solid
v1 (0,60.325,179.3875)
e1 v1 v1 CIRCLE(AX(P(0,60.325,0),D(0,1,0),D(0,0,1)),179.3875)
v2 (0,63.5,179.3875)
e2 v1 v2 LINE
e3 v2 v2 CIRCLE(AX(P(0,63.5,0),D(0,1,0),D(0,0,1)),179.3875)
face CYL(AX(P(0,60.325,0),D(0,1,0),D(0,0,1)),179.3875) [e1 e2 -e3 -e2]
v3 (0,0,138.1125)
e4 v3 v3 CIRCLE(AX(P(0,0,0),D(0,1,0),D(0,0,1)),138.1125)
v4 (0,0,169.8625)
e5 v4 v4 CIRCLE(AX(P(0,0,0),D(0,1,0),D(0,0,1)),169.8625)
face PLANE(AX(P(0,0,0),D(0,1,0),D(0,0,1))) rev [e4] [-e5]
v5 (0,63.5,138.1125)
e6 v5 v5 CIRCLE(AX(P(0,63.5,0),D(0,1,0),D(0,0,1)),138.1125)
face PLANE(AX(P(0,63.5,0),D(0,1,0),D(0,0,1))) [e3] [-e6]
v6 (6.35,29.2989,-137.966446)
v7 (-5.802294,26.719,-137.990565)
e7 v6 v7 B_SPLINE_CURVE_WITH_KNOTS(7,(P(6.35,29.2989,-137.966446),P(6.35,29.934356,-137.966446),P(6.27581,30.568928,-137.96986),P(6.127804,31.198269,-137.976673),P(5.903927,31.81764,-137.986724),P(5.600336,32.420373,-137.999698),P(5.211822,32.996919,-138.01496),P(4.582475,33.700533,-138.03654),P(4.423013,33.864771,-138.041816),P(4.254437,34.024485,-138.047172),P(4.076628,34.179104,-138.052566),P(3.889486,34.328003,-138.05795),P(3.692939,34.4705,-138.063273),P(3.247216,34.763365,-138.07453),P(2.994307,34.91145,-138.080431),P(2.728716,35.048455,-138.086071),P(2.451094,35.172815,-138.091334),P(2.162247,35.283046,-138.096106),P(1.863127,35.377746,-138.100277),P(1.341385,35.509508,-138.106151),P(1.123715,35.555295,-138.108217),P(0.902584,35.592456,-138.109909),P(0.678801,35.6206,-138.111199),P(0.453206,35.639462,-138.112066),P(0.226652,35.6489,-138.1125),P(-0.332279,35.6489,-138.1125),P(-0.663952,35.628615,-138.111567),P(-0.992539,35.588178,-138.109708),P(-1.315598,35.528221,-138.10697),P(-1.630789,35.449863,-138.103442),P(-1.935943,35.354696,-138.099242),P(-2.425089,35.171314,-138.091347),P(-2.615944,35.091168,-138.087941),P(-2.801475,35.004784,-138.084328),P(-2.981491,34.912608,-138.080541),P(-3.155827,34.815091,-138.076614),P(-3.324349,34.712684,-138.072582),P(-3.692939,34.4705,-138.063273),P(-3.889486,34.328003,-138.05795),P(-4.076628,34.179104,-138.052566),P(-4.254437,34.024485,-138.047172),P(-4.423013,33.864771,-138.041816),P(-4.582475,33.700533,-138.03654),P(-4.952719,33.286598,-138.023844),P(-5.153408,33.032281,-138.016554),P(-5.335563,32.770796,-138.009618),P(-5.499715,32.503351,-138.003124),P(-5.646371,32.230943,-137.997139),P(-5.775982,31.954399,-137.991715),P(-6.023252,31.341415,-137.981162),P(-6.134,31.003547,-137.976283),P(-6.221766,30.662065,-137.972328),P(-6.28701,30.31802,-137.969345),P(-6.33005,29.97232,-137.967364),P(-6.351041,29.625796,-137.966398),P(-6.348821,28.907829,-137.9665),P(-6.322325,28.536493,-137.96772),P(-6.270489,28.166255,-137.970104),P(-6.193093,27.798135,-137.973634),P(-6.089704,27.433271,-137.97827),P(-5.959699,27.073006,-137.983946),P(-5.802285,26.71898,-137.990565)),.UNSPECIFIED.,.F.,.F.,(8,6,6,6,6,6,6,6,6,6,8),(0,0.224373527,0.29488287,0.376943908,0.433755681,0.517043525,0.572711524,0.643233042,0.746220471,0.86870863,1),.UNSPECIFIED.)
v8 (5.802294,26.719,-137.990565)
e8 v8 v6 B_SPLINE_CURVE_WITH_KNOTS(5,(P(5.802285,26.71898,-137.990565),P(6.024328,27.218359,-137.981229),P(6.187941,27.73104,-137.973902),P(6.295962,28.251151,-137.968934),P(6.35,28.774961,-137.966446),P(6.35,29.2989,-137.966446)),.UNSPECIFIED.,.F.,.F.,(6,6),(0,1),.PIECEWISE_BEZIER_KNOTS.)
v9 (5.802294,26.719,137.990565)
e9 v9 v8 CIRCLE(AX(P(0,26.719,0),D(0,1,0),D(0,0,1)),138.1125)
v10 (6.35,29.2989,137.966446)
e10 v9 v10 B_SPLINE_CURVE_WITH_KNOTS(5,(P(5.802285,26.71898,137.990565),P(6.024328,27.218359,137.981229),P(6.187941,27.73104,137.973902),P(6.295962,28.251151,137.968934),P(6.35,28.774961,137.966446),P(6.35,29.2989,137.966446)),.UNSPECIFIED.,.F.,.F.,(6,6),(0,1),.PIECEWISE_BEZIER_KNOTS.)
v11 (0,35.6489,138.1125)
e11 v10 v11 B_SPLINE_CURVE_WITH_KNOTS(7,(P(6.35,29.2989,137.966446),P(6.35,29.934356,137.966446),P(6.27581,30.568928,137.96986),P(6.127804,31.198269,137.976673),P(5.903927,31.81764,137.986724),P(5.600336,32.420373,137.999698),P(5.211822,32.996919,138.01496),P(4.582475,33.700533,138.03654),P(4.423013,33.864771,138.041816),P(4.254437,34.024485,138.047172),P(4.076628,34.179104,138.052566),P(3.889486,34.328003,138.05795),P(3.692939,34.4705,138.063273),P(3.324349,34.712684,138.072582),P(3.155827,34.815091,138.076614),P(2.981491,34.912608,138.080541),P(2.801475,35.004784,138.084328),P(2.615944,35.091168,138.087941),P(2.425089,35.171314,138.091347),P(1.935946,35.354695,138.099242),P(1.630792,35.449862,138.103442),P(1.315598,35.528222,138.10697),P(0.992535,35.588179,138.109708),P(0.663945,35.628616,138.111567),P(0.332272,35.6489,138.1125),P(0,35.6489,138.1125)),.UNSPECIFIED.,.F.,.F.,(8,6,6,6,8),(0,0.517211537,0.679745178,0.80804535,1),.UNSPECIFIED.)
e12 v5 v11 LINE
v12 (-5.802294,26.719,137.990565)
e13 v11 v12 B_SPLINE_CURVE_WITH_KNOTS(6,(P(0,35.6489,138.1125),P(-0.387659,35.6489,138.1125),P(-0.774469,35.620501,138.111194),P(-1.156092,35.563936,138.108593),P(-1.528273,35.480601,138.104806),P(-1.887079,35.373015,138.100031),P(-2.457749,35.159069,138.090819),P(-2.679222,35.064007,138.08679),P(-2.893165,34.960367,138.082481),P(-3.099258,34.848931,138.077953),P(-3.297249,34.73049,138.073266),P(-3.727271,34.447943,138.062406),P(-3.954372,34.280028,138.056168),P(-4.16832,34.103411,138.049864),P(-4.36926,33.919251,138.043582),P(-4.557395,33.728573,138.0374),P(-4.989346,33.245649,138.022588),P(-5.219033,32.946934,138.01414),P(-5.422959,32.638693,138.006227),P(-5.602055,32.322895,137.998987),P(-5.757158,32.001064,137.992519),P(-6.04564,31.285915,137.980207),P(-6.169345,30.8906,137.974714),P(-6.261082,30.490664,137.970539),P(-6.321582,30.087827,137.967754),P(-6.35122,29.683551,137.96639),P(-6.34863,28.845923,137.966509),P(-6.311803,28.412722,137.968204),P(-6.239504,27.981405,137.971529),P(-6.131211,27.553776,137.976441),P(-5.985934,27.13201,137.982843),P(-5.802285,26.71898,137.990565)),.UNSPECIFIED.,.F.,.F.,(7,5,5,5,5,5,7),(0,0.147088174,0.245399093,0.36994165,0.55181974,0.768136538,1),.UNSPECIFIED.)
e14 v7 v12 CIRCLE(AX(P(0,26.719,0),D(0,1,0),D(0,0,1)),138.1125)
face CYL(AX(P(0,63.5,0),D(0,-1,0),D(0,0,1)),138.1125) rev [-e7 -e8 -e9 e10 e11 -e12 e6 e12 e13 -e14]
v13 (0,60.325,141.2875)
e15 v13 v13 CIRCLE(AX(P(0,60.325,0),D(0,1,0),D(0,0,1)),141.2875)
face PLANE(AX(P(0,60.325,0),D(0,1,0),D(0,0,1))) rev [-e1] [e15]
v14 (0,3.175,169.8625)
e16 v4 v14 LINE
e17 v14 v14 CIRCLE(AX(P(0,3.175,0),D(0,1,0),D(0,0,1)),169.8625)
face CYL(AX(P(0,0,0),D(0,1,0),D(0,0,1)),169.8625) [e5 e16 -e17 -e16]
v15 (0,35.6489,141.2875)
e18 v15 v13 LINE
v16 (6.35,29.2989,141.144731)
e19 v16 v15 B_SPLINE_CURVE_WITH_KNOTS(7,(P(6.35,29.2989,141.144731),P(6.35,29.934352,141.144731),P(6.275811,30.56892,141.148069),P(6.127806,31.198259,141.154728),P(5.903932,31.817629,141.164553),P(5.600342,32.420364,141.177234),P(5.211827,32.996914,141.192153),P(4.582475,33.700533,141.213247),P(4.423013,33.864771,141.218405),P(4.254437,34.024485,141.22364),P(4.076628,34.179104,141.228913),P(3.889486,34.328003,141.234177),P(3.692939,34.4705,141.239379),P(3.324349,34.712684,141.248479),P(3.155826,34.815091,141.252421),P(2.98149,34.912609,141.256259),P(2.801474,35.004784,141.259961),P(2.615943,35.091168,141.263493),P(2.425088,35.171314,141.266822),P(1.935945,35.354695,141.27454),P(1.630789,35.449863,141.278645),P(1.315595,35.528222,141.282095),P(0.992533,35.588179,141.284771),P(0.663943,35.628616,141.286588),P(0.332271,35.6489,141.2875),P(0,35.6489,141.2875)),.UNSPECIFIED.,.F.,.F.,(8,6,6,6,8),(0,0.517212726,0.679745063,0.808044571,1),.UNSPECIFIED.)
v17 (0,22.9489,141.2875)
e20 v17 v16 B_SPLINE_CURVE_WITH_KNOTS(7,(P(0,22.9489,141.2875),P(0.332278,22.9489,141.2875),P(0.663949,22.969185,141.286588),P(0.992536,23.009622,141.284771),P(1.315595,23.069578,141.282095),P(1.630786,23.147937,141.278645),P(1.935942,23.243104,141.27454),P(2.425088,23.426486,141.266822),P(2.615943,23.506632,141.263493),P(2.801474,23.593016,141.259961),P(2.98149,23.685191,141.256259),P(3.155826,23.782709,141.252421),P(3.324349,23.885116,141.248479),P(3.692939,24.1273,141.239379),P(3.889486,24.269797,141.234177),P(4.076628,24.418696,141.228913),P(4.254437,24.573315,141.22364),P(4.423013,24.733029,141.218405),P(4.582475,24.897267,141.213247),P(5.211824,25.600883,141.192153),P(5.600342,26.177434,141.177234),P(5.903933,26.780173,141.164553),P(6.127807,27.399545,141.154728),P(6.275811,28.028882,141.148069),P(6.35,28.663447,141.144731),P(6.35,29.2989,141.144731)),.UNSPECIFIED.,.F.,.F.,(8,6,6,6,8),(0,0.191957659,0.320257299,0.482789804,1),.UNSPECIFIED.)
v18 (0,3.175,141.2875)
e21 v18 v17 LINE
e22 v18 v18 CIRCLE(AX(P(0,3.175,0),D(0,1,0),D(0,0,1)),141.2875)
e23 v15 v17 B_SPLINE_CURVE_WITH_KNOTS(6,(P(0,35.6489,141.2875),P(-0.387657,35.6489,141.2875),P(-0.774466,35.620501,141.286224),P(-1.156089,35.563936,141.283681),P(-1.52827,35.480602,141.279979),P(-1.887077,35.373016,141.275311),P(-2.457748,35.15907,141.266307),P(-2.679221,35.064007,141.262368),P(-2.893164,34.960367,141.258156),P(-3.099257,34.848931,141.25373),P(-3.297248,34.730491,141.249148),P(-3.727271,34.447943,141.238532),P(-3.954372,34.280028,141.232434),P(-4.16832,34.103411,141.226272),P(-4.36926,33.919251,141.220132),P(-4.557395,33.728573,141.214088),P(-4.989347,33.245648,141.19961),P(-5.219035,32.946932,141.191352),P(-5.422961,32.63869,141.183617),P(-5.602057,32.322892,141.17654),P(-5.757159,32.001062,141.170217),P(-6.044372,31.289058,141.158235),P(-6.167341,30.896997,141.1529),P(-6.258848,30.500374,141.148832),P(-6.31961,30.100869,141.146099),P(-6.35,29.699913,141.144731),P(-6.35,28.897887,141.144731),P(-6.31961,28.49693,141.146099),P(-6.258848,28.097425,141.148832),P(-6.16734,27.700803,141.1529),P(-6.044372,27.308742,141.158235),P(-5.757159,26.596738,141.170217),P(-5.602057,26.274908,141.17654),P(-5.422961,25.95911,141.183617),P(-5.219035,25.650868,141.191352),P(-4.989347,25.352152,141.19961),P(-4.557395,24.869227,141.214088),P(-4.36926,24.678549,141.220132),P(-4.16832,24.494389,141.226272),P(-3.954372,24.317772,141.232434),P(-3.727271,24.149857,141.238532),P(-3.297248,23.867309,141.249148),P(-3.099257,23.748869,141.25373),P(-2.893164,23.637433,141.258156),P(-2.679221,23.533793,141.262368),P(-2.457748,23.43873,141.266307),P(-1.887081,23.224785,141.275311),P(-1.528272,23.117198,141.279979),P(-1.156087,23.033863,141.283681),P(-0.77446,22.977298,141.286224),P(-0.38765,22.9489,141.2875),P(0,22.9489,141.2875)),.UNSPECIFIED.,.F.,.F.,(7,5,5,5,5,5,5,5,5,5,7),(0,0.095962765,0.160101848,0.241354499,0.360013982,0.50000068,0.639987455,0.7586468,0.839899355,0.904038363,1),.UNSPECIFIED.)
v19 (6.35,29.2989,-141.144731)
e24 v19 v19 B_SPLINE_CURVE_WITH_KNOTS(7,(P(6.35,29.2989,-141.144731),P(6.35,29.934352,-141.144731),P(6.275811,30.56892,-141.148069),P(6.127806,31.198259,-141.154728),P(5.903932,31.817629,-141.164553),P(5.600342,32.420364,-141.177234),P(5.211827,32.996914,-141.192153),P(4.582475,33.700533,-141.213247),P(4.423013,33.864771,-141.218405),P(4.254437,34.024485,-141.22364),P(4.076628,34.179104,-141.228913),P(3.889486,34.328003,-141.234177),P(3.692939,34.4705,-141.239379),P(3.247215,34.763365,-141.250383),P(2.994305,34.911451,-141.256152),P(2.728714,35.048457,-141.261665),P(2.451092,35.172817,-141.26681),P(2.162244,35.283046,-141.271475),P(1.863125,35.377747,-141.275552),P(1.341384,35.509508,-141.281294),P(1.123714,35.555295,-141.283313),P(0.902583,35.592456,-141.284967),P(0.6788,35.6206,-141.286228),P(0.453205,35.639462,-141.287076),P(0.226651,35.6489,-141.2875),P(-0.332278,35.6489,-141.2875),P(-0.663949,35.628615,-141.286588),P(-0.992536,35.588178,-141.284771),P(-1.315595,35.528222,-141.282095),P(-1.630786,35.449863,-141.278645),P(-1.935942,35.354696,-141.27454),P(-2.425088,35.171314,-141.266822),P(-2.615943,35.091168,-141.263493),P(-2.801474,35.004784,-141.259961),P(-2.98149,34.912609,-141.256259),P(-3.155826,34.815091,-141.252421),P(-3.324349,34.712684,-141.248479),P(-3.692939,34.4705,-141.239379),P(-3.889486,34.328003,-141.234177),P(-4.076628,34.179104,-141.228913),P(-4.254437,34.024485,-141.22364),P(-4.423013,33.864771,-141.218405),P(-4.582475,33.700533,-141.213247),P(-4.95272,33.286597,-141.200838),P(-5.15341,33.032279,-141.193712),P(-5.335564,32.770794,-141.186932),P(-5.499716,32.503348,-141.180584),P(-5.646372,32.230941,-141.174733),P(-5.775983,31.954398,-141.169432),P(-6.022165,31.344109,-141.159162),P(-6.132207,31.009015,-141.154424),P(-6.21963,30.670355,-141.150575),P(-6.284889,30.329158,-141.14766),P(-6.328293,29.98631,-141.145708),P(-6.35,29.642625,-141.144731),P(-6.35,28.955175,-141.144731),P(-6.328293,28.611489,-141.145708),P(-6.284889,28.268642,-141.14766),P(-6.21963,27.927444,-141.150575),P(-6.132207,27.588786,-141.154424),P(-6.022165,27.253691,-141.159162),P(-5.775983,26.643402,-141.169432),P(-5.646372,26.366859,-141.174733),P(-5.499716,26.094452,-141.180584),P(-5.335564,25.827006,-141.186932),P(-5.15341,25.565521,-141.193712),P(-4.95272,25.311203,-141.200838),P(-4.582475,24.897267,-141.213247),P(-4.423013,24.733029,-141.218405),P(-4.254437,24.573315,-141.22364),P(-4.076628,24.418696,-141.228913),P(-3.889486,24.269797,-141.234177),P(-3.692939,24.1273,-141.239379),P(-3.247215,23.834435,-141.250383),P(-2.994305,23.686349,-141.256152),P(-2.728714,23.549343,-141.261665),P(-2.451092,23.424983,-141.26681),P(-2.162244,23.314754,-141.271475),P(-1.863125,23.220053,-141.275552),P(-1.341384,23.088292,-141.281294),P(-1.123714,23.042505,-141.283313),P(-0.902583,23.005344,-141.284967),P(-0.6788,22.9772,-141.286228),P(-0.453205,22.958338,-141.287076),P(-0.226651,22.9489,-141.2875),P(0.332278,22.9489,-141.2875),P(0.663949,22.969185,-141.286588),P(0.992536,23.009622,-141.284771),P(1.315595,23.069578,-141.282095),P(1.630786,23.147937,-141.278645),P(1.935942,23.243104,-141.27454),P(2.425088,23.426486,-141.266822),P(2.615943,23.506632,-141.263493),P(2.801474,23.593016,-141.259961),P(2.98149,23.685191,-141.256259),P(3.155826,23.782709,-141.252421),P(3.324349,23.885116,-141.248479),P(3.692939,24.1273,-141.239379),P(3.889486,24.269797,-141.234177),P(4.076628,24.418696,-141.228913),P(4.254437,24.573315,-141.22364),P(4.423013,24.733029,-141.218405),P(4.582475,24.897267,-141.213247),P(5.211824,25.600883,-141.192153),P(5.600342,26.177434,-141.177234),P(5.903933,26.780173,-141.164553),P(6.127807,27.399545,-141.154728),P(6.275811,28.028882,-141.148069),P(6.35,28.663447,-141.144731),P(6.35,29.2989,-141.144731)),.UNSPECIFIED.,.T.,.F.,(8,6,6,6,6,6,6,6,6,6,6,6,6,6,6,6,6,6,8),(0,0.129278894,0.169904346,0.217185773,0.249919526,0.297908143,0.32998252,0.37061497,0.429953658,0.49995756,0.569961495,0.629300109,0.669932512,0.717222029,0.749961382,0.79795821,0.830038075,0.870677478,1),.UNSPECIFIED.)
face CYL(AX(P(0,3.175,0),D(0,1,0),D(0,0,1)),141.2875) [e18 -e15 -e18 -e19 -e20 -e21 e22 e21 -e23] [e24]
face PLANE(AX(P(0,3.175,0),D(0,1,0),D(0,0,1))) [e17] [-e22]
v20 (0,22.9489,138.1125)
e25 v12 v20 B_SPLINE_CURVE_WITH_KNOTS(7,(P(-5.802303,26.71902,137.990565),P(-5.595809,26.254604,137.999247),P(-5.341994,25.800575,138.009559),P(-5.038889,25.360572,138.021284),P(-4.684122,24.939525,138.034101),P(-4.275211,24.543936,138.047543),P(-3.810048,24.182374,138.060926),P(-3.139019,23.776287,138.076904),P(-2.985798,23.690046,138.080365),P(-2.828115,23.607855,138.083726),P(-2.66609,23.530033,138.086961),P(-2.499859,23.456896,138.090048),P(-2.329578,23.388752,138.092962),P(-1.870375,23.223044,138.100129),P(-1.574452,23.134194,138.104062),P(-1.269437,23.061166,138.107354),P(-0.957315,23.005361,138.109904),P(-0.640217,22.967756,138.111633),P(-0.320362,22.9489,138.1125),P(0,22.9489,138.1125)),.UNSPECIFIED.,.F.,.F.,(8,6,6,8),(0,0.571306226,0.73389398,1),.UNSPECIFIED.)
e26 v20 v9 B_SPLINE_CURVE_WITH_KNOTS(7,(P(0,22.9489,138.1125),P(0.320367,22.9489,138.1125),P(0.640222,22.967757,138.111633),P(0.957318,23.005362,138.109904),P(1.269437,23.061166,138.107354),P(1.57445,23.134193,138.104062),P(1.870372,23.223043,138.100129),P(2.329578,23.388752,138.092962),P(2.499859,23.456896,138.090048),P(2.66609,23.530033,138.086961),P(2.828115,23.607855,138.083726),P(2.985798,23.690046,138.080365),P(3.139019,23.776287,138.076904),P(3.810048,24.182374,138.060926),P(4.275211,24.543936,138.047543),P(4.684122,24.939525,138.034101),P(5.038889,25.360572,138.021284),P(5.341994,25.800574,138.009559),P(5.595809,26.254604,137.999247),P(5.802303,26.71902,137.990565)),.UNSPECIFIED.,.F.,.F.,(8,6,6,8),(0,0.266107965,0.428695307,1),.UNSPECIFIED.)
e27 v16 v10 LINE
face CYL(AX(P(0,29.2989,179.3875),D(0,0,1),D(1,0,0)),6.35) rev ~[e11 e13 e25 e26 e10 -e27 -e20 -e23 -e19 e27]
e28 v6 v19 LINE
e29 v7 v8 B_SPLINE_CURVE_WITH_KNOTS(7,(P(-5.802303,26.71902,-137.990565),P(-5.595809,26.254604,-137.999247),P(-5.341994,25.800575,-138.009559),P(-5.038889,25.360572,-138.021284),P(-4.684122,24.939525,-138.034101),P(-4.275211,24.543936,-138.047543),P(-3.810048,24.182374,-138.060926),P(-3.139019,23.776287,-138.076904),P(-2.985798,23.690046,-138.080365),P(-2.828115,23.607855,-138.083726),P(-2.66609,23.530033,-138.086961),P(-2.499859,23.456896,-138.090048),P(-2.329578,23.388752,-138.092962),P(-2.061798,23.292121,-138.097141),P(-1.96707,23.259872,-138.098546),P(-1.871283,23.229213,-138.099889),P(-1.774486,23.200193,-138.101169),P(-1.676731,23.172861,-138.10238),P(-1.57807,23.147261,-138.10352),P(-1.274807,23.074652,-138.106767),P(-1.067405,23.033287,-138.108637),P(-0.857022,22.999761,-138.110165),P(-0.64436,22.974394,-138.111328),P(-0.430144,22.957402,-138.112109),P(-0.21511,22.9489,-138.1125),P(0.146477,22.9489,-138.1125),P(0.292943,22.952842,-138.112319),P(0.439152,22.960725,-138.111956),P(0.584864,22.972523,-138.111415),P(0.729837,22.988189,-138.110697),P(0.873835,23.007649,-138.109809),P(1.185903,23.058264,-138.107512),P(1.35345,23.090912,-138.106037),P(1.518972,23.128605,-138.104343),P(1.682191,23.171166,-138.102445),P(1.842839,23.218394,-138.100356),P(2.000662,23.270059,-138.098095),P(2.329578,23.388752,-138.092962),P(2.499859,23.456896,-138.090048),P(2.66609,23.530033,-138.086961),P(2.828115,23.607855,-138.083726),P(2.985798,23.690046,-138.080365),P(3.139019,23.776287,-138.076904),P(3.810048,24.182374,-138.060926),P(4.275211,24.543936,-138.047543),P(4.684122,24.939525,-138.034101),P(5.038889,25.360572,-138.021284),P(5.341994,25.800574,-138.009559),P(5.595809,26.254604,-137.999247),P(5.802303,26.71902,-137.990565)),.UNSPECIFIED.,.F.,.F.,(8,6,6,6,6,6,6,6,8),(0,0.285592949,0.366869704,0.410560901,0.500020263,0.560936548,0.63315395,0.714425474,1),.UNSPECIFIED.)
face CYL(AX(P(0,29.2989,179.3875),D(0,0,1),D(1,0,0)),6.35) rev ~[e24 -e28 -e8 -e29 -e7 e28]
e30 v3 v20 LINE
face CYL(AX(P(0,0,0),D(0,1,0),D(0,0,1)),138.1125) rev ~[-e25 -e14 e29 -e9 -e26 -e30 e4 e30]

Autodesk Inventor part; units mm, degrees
ref_plane "YZ Plane" through (0, 0, 0) normal (1, 0, 0) x (0, 1, 0)
ref_plane "XZ Plane" through (0, 0, 0) normal (0, 1, 0) x (-1, 0, 0)
ref_plane "XY Plane" through (0, 0, 0) normal (0, 0, 1) x (1, 0, 0)
sketch "Sketch1" plane through (0, 0, 0) normal (1, 0, 0) x (0, 1, 0)
  line L0 (0, 0) -> (50.8, 0)
  line L1 (0, 138.1125) -> (26.719, 138.1125)
  line L2 (0, 138.1125) -> (0, 169.8625)
  line L3 (0, 169.8625) -> (3.175, 169.8625)
  line L4 (3.175, 169.8625) -> (3.175, 141.2875)
  line L5 (3.175, 141.2875) -> (60.325, 141.2875)
  line L6 (60.325, 141.2875) -> (60.325, 179.3875)
  line L7 (60.325, 179.3875) -> (63.5, 179.3875)
  line L8 (63.5, 179.3875) -> (63.5, 138.1125)
  line L9 (63.5, 138.1125) -> (26.719, 138.1125)
  point P0 (62.1333, 179.3875)
  dimension "d0" = 50.8
  dimension "d1" = 138.1125
  dimension "d2" = 31.75
  dimension "d3" = 3.175
  dimension "d4" = 3.175
  dimension "d5" = 57.15
  dimension "d6" = 38.1
  dimension "d7" = 3.175
revolve "Revolution1" add sketch "Sketch1" angle 360 about axis through (0, 0, 0) along (0, 1, 0)
ref_plane "Work Plane1" through (0, 62.1333, 179.3875) normal (0, 0, 1) x (1, 0, 0)
sketch "Sketch2" plane through (0, 62.1333, 179.3875) normal (0, 0, 1) x (1, 0, 0)
  circle A0 centre (0, -32.8344) radius 6.35
  line L0 (169.8625, -58.9583) -> (-169.8625, -58.9583) projected
  point P0 (0, -62.1333)
  dimension "d9" = 12.7
  dimension "d10" = 26.1239
extrude "Extrusion1" cut sketch "Sketch2" against normal through all
properties part number "Layer2_Ref"
